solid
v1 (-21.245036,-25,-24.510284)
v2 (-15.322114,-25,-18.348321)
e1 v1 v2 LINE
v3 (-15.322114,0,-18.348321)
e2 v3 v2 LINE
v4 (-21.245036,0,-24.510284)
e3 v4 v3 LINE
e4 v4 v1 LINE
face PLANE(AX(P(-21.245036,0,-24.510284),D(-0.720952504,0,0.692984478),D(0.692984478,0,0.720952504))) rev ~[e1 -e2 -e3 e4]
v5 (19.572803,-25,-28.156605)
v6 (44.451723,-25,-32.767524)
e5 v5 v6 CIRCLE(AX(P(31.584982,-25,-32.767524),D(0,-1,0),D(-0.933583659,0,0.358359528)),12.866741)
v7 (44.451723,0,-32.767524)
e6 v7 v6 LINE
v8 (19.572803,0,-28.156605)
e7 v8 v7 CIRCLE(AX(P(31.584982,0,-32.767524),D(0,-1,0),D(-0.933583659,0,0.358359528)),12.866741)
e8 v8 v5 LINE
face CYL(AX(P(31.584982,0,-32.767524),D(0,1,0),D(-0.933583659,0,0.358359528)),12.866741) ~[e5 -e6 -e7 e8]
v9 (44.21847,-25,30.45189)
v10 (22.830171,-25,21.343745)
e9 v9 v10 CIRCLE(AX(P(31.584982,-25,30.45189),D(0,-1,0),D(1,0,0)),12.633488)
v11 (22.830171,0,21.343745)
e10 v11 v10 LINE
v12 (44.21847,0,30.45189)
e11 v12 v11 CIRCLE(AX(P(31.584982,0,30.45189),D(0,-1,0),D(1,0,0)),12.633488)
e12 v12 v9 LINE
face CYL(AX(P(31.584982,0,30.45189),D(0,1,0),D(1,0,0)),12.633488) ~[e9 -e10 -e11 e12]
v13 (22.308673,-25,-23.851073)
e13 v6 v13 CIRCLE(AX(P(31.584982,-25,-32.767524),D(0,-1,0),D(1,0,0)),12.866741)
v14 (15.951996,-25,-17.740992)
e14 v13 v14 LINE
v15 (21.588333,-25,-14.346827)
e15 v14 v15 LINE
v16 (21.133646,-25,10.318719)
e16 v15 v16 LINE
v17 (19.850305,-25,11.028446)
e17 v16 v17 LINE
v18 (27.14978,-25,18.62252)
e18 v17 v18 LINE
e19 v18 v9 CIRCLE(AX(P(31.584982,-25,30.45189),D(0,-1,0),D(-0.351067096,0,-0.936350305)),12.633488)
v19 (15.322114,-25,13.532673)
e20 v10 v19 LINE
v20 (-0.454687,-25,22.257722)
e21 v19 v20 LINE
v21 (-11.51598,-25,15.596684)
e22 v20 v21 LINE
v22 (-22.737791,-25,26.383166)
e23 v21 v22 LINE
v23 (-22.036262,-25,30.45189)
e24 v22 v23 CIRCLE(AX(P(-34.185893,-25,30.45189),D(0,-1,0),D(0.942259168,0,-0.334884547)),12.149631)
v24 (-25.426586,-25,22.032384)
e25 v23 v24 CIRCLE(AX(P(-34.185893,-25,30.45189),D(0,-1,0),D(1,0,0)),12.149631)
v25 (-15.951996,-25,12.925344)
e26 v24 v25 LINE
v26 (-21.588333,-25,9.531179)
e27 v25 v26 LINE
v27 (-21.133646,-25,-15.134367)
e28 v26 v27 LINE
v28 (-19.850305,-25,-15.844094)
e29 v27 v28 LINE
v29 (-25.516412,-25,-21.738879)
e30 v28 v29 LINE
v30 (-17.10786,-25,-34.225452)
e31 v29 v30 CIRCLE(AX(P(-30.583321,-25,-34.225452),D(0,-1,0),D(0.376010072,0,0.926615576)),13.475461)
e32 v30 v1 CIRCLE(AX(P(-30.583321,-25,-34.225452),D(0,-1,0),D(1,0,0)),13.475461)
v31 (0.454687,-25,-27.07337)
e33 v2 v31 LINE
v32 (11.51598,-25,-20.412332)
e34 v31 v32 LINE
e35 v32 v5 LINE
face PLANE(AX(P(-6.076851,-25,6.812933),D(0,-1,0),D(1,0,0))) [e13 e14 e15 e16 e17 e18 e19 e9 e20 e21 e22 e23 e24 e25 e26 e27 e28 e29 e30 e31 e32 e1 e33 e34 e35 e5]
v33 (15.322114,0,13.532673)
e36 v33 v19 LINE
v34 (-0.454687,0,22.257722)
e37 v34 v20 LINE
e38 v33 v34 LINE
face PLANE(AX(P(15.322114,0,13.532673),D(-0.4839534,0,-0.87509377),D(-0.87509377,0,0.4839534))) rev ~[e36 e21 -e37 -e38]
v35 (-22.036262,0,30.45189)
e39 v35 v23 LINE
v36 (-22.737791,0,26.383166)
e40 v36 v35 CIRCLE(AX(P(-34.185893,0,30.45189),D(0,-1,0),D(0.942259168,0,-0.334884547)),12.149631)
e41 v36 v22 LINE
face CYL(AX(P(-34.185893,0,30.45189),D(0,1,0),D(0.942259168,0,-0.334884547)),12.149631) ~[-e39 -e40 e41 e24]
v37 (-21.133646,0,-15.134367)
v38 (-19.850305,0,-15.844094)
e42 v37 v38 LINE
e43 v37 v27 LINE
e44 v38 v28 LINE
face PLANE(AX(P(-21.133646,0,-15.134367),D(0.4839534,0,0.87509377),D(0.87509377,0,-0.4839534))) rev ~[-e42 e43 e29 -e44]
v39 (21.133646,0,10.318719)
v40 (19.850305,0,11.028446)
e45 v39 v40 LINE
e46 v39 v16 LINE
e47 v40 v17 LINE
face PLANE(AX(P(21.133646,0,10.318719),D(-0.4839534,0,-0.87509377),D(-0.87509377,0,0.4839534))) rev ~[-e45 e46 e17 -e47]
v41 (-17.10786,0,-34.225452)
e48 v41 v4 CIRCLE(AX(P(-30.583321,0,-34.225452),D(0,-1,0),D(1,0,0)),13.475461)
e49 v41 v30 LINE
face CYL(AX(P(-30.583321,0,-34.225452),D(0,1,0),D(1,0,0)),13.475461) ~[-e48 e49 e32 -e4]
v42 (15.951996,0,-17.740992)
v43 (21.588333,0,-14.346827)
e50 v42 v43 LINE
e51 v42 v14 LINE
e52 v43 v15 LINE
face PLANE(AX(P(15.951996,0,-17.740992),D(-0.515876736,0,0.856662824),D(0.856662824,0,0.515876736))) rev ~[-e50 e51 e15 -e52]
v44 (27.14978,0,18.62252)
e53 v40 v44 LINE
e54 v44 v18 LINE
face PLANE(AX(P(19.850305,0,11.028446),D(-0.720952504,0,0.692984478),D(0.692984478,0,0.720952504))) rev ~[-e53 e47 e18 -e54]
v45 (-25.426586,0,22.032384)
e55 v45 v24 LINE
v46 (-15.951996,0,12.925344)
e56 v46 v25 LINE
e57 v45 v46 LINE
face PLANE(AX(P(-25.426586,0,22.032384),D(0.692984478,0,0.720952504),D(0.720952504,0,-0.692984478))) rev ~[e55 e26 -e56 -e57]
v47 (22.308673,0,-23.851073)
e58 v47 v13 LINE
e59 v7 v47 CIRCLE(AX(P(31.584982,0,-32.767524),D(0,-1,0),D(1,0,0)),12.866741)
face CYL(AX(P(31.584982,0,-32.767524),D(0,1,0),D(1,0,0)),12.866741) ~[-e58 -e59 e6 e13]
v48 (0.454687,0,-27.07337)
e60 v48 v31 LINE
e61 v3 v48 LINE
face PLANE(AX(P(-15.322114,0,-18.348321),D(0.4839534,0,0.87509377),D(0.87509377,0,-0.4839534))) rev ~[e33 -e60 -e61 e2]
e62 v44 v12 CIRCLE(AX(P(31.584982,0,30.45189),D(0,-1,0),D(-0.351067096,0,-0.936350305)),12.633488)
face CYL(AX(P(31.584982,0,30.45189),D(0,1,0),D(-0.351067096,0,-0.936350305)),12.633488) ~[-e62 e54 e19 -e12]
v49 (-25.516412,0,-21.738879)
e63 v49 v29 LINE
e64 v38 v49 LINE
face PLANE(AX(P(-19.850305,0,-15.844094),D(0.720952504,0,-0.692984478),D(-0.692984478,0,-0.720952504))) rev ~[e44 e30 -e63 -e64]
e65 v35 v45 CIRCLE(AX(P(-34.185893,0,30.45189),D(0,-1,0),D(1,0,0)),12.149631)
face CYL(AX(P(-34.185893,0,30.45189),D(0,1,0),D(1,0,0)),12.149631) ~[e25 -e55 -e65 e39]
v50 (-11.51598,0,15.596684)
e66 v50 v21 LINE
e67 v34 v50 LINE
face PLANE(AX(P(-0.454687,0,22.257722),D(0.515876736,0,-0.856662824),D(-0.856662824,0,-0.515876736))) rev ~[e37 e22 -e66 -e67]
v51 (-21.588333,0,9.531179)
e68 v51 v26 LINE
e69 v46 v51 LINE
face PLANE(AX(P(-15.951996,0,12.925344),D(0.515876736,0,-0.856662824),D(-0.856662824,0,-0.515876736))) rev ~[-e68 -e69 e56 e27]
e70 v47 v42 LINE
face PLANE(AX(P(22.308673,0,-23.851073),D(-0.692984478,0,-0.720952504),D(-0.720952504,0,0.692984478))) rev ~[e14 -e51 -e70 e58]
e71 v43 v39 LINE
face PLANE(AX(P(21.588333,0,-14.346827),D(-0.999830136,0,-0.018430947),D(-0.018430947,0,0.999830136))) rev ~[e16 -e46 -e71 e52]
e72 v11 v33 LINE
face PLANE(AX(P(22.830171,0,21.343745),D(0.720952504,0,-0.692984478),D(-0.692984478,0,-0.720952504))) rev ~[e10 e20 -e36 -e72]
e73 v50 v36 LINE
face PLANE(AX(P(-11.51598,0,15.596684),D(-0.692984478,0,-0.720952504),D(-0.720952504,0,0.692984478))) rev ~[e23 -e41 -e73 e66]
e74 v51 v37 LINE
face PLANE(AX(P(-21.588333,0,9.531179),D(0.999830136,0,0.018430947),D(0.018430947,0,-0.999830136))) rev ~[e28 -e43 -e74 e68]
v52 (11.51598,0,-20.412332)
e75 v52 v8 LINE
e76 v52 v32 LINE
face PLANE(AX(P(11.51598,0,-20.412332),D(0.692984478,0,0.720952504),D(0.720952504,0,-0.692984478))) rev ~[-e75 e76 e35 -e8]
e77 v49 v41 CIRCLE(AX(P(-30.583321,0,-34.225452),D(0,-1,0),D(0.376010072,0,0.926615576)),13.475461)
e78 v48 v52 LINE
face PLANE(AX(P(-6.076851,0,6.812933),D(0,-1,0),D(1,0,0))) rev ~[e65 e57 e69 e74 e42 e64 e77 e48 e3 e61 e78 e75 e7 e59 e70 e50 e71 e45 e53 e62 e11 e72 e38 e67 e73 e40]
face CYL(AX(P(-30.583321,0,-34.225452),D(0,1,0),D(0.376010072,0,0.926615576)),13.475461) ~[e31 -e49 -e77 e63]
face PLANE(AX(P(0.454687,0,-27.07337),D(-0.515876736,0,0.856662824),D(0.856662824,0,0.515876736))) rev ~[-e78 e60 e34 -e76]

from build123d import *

# Parameters (mm, degrees)
F1_DEPTH = 25


with BuildPart() as f1:
    # F0 (on Front) → F1 (new body)
    with BuildSketch(Plane.XZ):
        Polygon((-3.6047625217, 1.0570984669), (0, -2.4078239221), (3.464922389, 1.1969385996), (-11.515979737, 15.5966841781), (-15.9519963441, 12.9253440602), align=None)
        Polygon((-3.464922389, -6.0125864438), (0, -2.4078239221), (-3.6047625217, 1.0570984669), (-19.8503045149, -15.8440942143), (-15.3221144811, -18.3483206589), align=None)
        Polygon((3.464922389, 1.1969385996), (0, -2.4078239221), (3.6047625217, -5.8727463111), (19.8503045149, 11.0284463701), (15.3221144811, 13.5326728147), align=None)
        Polygon((3.6047625217, -5.8727463111), (0, -2.4078239221), (-3.464922389, -6.0125864438), (11.515979737, -20.4123320224), (15.9519963441, -17.7409919044), align=None)
        Polygon((-11.515979737, 15.5966841781), (3.464922389, 1.1969385996), (15.3221144811, 13.5326728147), (-0.4546866072, 22.2577223822), align=None)
        Polygon((-19.8503045149, -15.8440942143), (-3.6047625217, 1.0570984669), (-15.9519963441, 12.9253440602), (-21.5883330014, 9.5311790774), (-21.1336463941, -15.1343672269), align=None)
        Polygon((19.8503045149, 11.0284463701), (3.6047625217, -5.8727463111), (15.9519963441, -17.7409919044), (21.5883330014, -14.3468269216), (21.1336463941, 10.3187193827), align=None)
        Polygon((11.515979737, -20.4123320224), (-3.464922389, -6.0125864438), (-15.3221144811, -18.3483206589), (0.4546866072, -27.0733702264), align=None)
        with BuildLine():
            Line((22.8301708876, 21.3437454179), (15.3221144811, 13.5326728147))
            Line((15.3221144811, 13.5326728147), (19.8503045149, 11.0284463701))
            Line((19.8503045149, 11.0284463701), (27.1497799567, 18.6225199298))
            ThreePointArc((27.1497799567, 18.6225199298), (24.8510842543, 19.7626601145), (22.8301708876, 21.3437454179))
        make_face()
        with BuildLine():
            Line((-15.9519963441, 12.9253440602), (-11.515979737, 15.5966841781))
            Line((-11.515979737, 15.5966841781), (-22.7377914526, 26.3831663457))
            ThreePointArc((-22.7377914526, 26.3831663457), (-23.8506538485, 24.0646862159), (-25.4265858042, 22.0323842464))
            Line((-25.4265858042, 22.0323842464), (-15.9519963441, 12.9253440602))
        make_face()
        with BuildLine():
            Line((-15.3221144811, -18.3483206589), (-19.8503045149, -15.8440942143))
            Line((-19.8503045149, -15.8440942143), (-25.5164120913, -21.7388791308))
            ThreePointArc((-25.5164120913, -21.7388791308), (-23.2486379111, -22.9210064368), (-21.2450357109, -24.5102839214))
            Line((-21.2450357109, -24.5102839214), (-15.3221144811, -18.3483206589))
        make_face()
        with BuildLine():
            Line((22.3086725412, -23.8510725387), (15.9519963441, -17.7409919044))
            Line((15.9519963441, -17.7409919044), (11.515979737, -20.4123320224))
            Line((11.515979737, -20.4123320224), (19.572802502, -28.156605165))
            ThreePointArc((19.572802502, -28.156605165), (20.7252240198, -25.866894835), (22.3086725412, -23.8510725387))
        make_face()
        with BuildLine():
            ThreePointArc((44.2184696223, 30.4518900812), (26.6351729101, 42.0753321486), (22.8301708876, 21.3437454179))
            ThreePointArc((22.8301708876, 21.3437454179), (24.8510842543, 19.7626601145), (27.1497799567, 18.6225199298))
            ThreePointArc((27.1497799567, 18.6225199298), (38.7812636853, 20.0683193432), (44.2184696223, 30.4518900812))
        make_face()
        with BuildLine():
            Line((-29.2176456857, 32.6116465505), (-22.7377914526, 26.3831663457))
            ThreePointArc((-22.7377914526, 26.3831663457), (-22.2129285463, 28.3875102161), (-22.0362616439, 30.4518900812))
            ThreePointArc((-22.0362616439, 30.4518900812), (-45.4561166366, 34.9901269749), (-25.4265858042, 22.0323842464))
            Line((-25.4265858042, 22.0323842464), (-34.185892847, 30.4518900812))
            Line((-34.185892847, 30.4518900812), (-29.2176456857, 32.6116465505))
        make_face()
        with BuildLine():
            ThreePointArc((-25.4265858042, 22.0323842464), (-23.8506538485, 24.0646862159), (-22.7377914526, 26.3831663457))
            Line((-22.7377914526, 26.3831663457), (-29.2176456857, 32.6116465505))
            Line((-29.2176456857, 32.6116465505), (-34.185892847, 30.4518900812))
            Line((-34.185892847, 30.4518900812), (-25.4265858042, 22.0323842464))
        make_face()
        with BuildLine():
            Line((-34.1880838364, -30.7605291991), (-25.5164120913, -21.7388791308))
            ThreePointArc((-25.5164120913, -21.7388791308), (-41.7606868501, -41.7523739668), (-17.1078598825, -34.2254515881))
            ThreePointArc((-17.1078598825, -34.2254515881), (-18.1852212928, -28.9457568377), (-21.2450357109, -24.5102839214))
            Line((-21.2450357109, -24.5102839214), (-30.5833213146, -34.2254515881))
            Line((-30.5833213146, -34.2254515881), (-34.1880838364, -30.7605291991))
        make_face()
        with BuildLine():
            ThreePointArc((-21.2450357109, -24.5102839214), (-23.2486379111, -22.9210064368), (-25.5164120913, -21.7388791308))
            Line((-25.5164120913, -21.7388791308), (-34.1880838364, -30.7605291991))
            Line((-34.1880838364, -30.7605291991), (-30.5833213146, -34.2254515881))
            Line((-30.5833213146, -34.2254515881), (-21.2450357109, -24.5102839214))
        make_face()
        with BuildLine():
            ThreePointArc((44.4517230245, -32.7675244671), (36.3910799417, -20.832096116), (22.3086725412, -23.8510725387))
            Line((22.3086725412, -23.8510725387), (31.5849818289, -32.7675244671))
            Line((31.5849818289, -32.7675244671), (28.1200594399, -36.3722869888))
            Line((28.1200594399, -36.3722869888), (19.572802502, -28.156605165))
            ThreePointArc((19.572802502, -28.156605165), (29.2402615472, -45.4188214676), (44.4517230245, -32.7675244671))
        make_face()
        with BuildLine():
            Line((31.5849818289, -32.7675244671), (22.3086725412, -23.8510725387))
            ThreePointArc((22.3086725412, -23.8510725387), (20.7252240198, -25.866894835), (19.572802502, -28.156605165))
            Line((19.572802502, -28.156605165), (28.1200594399, -36.3722869888))
            Line((28.1200594399, -36.3722869888), (31.5849818289, -32.7675244671))
        make_face()
    extrude(amount=F1_DEPTH)


solid = f1.part
